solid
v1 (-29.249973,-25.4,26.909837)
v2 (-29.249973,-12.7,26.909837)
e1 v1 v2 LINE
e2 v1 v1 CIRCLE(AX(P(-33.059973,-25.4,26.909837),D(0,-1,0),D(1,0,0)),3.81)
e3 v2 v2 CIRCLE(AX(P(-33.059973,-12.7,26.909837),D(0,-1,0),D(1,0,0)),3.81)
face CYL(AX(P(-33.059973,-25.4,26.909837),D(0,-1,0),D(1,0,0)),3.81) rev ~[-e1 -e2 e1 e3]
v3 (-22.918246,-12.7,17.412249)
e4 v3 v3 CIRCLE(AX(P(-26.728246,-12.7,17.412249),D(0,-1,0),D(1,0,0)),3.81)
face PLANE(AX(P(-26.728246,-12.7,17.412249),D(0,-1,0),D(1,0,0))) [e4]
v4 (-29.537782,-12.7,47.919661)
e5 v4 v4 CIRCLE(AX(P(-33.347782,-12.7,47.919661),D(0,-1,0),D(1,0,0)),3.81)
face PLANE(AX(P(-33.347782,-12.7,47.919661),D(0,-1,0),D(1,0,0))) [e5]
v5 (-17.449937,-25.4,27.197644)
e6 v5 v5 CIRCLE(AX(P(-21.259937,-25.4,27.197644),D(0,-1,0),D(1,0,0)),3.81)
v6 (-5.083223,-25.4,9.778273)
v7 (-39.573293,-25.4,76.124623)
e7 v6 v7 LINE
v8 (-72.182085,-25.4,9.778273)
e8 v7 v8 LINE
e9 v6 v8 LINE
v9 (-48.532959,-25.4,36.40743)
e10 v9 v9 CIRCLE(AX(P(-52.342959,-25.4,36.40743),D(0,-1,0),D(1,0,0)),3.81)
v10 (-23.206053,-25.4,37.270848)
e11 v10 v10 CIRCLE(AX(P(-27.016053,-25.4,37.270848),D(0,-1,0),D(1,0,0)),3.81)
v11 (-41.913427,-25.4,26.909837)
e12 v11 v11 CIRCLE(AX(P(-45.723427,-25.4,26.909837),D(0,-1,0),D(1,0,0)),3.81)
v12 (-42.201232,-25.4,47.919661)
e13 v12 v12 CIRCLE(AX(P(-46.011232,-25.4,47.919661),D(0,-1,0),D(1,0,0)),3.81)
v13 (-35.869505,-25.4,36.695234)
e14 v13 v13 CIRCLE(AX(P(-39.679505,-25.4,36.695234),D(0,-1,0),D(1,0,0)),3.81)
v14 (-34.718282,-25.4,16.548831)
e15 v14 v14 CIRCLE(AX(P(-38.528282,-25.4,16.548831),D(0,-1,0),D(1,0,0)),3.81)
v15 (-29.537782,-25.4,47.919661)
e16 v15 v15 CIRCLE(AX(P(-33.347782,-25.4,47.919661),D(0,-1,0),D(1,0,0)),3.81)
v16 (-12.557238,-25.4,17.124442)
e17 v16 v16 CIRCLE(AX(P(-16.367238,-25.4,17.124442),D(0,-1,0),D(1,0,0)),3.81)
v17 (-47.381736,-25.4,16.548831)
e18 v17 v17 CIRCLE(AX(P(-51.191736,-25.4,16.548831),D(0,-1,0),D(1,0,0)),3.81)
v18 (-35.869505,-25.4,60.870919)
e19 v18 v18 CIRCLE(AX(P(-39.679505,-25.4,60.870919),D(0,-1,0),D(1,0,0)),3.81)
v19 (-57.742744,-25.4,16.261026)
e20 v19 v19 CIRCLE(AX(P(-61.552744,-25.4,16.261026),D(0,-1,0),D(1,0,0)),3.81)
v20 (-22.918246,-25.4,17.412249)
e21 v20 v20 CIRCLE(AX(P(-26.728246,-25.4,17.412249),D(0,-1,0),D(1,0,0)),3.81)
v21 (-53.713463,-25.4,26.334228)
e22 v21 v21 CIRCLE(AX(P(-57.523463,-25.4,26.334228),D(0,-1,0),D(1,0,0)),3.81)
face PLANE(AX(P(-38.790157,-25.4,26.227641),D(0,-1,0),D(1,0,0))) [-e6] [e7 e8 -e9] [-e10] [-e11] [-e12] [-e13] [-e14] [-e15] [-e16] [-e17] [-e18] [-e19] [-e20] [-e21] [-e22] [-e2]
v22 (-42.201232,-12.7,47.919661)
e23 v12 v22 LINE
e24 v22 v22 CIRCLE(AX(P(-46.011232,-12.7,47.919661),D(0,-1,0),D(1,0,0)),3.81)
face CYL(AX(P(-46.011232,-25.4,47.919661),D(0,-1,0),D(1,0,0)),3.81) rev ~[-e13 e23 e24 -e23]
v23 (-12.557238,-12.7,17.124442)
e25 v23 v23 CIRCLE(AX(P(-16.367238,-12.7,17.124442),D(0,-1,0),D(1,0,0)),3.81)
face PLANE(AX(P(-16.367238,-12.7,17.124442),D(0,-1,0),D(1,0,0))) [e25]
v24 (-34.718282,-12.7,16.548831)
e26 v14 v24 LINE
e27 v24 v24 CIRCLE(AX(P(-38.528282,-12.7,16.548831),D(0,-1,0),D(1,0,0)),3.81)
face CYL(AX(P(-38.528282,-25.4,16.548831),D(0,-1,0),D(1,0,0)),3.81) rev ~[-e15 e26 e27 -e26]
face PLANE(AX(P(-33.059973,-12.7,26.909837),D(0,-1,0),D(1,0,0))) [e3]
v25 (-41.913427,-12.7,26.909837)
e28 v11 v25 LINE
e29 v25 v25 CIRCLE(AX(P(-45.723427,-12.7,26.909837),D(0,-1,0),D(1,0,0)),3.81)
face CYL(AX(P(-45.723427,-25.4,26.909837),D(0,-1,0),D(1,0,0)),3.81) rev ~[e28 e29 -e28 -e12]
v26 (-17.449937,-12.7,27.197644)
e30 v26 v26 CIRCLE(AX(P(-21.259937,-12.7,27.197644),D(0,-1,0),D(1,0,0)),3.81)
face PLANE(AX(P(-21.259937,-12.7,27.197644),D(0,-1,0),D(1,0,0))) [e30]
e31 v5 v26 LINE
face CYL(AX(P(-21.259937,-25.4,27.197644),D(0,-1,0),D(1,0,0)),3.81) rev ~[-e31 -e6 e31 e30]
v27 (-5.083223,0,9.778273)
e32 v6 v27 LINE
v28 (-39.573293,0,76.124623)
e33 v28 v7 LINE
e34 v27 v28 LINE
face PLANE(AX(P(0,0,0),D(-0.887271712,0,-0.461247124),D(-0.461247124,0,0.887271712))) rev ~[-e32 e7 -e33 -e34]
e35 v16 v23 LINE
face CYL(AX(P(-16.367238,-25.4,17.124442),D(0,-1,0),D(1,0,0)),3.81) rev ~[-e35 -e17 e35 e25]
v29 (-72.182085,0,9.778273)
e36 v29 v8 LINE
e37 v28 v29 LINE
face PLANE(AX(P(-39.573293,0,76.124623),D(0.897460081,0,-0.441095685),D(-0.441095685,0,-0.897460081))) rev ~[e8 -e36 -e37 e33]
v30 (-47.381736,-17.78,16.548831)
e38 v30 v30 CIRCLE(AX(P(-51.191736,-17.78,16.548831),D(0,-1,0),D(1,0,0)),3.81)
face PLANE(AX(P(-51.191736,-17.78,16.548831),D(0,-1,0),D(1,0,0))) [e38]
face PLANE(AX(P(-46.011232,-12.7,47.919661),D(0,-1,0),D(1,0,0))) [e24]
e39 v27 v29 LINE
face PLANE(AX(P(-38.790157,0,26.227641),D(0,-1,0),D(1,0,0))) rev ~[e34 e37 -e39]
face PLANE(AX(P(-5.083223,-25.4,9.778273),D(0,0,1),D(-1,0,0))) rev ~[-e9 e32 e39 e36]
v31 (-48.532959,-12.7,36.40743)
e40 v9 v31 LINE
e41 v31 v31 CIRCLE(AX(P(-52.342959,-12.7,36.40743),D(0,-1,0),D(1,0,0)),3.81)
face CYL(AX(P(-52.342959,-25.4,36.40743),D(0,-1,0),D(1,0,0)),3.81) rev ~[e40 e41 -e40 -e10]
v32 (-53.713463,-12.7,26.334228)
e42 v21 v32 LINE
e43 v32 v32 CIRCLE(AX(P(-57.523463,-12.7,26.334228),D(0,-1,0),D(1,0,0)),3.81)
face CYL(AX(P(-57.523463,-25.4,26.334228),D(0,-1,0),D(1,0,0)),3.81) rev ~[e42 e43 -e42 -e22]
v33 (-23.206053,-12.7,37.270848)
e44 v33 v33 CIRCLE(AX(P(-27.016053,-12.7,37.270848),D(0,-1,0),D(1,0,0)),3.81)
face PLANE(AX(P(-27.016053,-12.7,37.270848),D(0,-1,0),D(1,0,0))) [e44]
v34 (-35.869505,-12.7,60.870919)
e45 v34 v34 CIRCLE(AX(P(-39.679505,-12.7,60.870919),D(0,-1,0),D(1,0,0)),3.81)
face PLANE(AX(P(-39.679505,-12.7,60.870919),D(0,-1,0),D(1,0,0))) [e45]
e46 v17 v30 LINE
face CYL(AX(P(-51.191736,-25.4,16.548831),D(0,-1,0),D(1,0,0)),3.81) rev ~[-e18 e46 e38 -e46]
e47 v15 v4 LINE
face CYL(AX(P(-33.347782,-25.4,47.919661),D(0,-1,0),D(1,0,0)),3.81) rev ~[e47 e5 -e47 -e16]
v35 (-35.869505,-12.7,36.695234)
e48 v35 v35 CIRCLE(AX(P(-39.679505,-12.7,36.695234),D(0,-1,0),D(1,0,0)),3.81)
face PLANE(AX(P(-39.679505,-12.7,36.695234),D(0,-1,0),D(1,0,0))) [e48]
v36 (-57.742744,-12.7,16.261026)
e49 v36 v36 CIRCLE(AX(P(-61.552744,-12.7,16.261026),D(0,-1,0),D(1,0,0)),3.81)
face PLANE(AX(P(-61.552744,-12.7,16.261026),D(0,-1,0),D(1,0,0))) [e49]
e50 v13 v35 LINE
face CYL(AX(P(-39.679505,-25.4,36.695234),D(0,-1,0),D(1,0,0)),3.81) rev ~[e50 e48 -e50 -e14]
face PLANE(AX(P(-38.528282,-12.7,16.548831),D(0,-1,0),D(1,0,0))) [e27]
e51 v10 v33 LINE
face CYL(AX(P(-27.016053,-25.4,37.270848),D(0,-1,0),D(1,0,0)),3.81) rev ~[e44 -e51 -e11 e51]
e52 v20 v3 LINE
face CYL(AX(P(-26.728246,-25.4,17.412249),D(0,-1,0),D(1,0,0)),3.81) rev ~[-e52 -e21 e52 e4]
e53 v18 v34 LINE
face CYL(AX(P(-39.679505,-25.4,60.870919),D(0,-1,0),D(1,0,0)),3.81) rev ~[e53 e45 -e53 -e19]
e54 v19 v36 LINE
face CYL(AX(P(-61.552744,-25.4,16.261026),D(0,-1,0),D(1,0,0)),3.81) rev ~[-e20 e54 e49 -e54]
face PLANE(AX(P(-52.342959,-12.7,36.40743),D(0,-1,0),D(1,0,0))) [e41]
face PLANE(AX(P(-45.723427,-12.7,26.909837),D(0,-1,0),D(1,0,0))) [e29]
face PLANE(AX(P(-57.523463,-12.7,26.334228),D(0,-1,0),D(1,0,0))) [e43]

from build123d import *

# Parameters (mm, degrees)
F1_DEPTH  = 25.4
F2_R      = 3.81
F3_DEPTH  = 12.7
F4_R      = 3.81
F5_DEPTH  = 12.7
F6_R      = 3.81
F7_DEPTH  = 12.7
F8_R      = 3.81
F9_DEPTH  = 12.7
F10_R     = 3.81
F11_DEPTH = 12.7
F12_R     = 3.81
F13_DEPTH = 12.7
F14_R     = 3.81
F15_DEPTH = 12.7
F16_R     = 3.81
F17_DEPTH = 12.7
F18_R     = 3.81
F19_DEPTH = 12.7
F20_R     = 3.81
F21_DEPTH = 12.7
F22_R     = 3.81
F23_DEPTH = 12.7
F24_R     = 3.81
F25_DEPTH = 7.62
F26_R     = 3.81
F27_DEPTH = 12.7
F28_R     = 3.81
F29_DEPTH = 12.7
F30_R     = 3.81
F31_DEPTH = 12.7
F33_DEPTH = 127


with BuildPart() as f1:
    # F0 (on Front) → F1 (new body)
    with BuildSketch(Plane.XZ):
        Polygon((-76.988041, 0), (0, 0), (-39.573293, 76.124623), align=None)
    extrude(amount=F1_DEPTH)

    # F2 (on face) → F3 (cut)
    with BuildSketch(Plane.XZ.offset(25.4)):
        with Locations((-39.679505, 60.870919)):
            Circle(F2_R)
    extrude(amount=-F3_DEPTH, mode=Mode.SUBTRACT)

    # F4 (on face) → F5 (cut)
    with BuildSketch(Plane.XZ.offset(25.4)):
        with Locations((-46.011232, 47.919661)):
            Circle(F4_R)
    extrude(amount=-F5_DEPTH, mode=Mode.SUBTRACT)

    # F6 (on face) → F7 (cut)
    with BuildSketch(Plane.XZ.offset(25.4)):
        with Locations((-33.347782, 47.919661)):
            Circle(F6_R)
    extrude(amount=-F7_DEPTH, mode=Mode.SUBTRACT)

    # F8 (on face) → F9 (cut)
    with BuildSketch(Plane.XZ.offset(25.4)):
        with Locations((-52.342959, 36.40743)):
            Circle(F8_R)
    extrude(amount=-F9_DEPTH, mode=Mode.SUBTRACT)

    # F10 (on face) → F11 (cut)
    with BuildSketch(Plane.XZ.offset(25.4)):
        with Locations((-39.679505, 36.695234)):
            Circle(F10_R)
    extrude(amount=-F11_DEPTH, mode=Mode.SUBTRACT)

    # F12 (on face) → F13 (cut)
    with BuildSketch(Plane.XZ.offset(25.4)):
        with Locations((-27.016053, 37.270848)):
            Circle(F12_R)
    extrude(amount=-F13_DEPTH, mode=Mode.SUBTRACT)

    # F14 (on face) → F15 (cut)
    with BuildSketch(Plane.XZ.offset(25.4)):
        with Locations((-57.523463, 26.334228)):
            Circle(F14_R)
    extrude(amount=-F15_DEPTH, mode=Mode.SUBTRACT)

    # F16 (on face) → F17 (cut)
    with BuildSketch(Plane.XZ.offset(25.4)):
        with Locations((-45.723427, 26.909837)):
            Circle(F16_R)
    extrude(amount=-F17_DEPTH, mode=Mode.SUBTRACT)

    # F18 (on face) → F19 (cut)
    with BuildSketch(Plane.XZ.offset(25.4)):
        with Locations((-33.059973, 26.909837)):
            Circle(F18_R)
    extrude(amount=-F19_DEPTH, mode=Mode.SUBTRACT)

    # F20 (on face) → F21 (cut)
    with BuildSketch(Plane.XZ.offset(25.4)):
        with Locations((-21.259937, 27.197644)):
            Circle(F20_R)
    extrude(amount=-F21_DEPTH, mode=Mode.SUBTRACT)

    # F22 (on face) → F23 (cut)
    with BuildSketch(Plane.XZ.offset(25.4)):
        with Locations((-61.552744, 16.261026)):
            Circle(F22_R)
    extrude(amount=-F23_DEPTH, mode=Mode.SUBTRACT)

    # F24 (on face) → F25 (cut)
    with BuildSketch(Plane.XZ.offset(25.4)):
        with Locations((-51.191736, 16.548831)):
            Circle(F24_R)
    extrude(amount=-F25_DEPTH, mode=Mode.SUBTRACT)

    # F26 (on face) → F27 (cut)
    with BuildSketch(Plane.XZ.offset(25.4)):
        with Locations((-38.528282, 16.548831)):
            Circle(F26_R)
    extrude(amount=-F27_DEPTH, mode=Mode.SUBTRACT)

    # F28 (on face) → F29 (cut)
    with BuildSketch(Plane.XZ.offset(25.4)):
        with Locations((-26.728246, 17.412249)):
            Circle(F28_R)
    extrude(amount=-F29_DEPTH, mode=Mode.SUBTRACT)

    # F30 (on face) → F31 (cut)
    with BuildSketch(Plane.XZ.offset(25.4)):
        with Locations((-16.367238, 17.124442)):
            Circle(F30_R)
    extrude(amount=-F31_DEPTH, mode=Mode.SUBTRACT)

    # F32 (on face) → F33 (cut)
    with BuildSketch(Plane.XZ.offset(25.4)):
        Polygon((-5.083223, 9.778273), (-72.182085, 9.778273), (-76.988041, 0), (0, 0), align=None)
    extrude(amount=-F33_DEPTH, mode=Mode.SUBTRACT)


solid = f1.part
